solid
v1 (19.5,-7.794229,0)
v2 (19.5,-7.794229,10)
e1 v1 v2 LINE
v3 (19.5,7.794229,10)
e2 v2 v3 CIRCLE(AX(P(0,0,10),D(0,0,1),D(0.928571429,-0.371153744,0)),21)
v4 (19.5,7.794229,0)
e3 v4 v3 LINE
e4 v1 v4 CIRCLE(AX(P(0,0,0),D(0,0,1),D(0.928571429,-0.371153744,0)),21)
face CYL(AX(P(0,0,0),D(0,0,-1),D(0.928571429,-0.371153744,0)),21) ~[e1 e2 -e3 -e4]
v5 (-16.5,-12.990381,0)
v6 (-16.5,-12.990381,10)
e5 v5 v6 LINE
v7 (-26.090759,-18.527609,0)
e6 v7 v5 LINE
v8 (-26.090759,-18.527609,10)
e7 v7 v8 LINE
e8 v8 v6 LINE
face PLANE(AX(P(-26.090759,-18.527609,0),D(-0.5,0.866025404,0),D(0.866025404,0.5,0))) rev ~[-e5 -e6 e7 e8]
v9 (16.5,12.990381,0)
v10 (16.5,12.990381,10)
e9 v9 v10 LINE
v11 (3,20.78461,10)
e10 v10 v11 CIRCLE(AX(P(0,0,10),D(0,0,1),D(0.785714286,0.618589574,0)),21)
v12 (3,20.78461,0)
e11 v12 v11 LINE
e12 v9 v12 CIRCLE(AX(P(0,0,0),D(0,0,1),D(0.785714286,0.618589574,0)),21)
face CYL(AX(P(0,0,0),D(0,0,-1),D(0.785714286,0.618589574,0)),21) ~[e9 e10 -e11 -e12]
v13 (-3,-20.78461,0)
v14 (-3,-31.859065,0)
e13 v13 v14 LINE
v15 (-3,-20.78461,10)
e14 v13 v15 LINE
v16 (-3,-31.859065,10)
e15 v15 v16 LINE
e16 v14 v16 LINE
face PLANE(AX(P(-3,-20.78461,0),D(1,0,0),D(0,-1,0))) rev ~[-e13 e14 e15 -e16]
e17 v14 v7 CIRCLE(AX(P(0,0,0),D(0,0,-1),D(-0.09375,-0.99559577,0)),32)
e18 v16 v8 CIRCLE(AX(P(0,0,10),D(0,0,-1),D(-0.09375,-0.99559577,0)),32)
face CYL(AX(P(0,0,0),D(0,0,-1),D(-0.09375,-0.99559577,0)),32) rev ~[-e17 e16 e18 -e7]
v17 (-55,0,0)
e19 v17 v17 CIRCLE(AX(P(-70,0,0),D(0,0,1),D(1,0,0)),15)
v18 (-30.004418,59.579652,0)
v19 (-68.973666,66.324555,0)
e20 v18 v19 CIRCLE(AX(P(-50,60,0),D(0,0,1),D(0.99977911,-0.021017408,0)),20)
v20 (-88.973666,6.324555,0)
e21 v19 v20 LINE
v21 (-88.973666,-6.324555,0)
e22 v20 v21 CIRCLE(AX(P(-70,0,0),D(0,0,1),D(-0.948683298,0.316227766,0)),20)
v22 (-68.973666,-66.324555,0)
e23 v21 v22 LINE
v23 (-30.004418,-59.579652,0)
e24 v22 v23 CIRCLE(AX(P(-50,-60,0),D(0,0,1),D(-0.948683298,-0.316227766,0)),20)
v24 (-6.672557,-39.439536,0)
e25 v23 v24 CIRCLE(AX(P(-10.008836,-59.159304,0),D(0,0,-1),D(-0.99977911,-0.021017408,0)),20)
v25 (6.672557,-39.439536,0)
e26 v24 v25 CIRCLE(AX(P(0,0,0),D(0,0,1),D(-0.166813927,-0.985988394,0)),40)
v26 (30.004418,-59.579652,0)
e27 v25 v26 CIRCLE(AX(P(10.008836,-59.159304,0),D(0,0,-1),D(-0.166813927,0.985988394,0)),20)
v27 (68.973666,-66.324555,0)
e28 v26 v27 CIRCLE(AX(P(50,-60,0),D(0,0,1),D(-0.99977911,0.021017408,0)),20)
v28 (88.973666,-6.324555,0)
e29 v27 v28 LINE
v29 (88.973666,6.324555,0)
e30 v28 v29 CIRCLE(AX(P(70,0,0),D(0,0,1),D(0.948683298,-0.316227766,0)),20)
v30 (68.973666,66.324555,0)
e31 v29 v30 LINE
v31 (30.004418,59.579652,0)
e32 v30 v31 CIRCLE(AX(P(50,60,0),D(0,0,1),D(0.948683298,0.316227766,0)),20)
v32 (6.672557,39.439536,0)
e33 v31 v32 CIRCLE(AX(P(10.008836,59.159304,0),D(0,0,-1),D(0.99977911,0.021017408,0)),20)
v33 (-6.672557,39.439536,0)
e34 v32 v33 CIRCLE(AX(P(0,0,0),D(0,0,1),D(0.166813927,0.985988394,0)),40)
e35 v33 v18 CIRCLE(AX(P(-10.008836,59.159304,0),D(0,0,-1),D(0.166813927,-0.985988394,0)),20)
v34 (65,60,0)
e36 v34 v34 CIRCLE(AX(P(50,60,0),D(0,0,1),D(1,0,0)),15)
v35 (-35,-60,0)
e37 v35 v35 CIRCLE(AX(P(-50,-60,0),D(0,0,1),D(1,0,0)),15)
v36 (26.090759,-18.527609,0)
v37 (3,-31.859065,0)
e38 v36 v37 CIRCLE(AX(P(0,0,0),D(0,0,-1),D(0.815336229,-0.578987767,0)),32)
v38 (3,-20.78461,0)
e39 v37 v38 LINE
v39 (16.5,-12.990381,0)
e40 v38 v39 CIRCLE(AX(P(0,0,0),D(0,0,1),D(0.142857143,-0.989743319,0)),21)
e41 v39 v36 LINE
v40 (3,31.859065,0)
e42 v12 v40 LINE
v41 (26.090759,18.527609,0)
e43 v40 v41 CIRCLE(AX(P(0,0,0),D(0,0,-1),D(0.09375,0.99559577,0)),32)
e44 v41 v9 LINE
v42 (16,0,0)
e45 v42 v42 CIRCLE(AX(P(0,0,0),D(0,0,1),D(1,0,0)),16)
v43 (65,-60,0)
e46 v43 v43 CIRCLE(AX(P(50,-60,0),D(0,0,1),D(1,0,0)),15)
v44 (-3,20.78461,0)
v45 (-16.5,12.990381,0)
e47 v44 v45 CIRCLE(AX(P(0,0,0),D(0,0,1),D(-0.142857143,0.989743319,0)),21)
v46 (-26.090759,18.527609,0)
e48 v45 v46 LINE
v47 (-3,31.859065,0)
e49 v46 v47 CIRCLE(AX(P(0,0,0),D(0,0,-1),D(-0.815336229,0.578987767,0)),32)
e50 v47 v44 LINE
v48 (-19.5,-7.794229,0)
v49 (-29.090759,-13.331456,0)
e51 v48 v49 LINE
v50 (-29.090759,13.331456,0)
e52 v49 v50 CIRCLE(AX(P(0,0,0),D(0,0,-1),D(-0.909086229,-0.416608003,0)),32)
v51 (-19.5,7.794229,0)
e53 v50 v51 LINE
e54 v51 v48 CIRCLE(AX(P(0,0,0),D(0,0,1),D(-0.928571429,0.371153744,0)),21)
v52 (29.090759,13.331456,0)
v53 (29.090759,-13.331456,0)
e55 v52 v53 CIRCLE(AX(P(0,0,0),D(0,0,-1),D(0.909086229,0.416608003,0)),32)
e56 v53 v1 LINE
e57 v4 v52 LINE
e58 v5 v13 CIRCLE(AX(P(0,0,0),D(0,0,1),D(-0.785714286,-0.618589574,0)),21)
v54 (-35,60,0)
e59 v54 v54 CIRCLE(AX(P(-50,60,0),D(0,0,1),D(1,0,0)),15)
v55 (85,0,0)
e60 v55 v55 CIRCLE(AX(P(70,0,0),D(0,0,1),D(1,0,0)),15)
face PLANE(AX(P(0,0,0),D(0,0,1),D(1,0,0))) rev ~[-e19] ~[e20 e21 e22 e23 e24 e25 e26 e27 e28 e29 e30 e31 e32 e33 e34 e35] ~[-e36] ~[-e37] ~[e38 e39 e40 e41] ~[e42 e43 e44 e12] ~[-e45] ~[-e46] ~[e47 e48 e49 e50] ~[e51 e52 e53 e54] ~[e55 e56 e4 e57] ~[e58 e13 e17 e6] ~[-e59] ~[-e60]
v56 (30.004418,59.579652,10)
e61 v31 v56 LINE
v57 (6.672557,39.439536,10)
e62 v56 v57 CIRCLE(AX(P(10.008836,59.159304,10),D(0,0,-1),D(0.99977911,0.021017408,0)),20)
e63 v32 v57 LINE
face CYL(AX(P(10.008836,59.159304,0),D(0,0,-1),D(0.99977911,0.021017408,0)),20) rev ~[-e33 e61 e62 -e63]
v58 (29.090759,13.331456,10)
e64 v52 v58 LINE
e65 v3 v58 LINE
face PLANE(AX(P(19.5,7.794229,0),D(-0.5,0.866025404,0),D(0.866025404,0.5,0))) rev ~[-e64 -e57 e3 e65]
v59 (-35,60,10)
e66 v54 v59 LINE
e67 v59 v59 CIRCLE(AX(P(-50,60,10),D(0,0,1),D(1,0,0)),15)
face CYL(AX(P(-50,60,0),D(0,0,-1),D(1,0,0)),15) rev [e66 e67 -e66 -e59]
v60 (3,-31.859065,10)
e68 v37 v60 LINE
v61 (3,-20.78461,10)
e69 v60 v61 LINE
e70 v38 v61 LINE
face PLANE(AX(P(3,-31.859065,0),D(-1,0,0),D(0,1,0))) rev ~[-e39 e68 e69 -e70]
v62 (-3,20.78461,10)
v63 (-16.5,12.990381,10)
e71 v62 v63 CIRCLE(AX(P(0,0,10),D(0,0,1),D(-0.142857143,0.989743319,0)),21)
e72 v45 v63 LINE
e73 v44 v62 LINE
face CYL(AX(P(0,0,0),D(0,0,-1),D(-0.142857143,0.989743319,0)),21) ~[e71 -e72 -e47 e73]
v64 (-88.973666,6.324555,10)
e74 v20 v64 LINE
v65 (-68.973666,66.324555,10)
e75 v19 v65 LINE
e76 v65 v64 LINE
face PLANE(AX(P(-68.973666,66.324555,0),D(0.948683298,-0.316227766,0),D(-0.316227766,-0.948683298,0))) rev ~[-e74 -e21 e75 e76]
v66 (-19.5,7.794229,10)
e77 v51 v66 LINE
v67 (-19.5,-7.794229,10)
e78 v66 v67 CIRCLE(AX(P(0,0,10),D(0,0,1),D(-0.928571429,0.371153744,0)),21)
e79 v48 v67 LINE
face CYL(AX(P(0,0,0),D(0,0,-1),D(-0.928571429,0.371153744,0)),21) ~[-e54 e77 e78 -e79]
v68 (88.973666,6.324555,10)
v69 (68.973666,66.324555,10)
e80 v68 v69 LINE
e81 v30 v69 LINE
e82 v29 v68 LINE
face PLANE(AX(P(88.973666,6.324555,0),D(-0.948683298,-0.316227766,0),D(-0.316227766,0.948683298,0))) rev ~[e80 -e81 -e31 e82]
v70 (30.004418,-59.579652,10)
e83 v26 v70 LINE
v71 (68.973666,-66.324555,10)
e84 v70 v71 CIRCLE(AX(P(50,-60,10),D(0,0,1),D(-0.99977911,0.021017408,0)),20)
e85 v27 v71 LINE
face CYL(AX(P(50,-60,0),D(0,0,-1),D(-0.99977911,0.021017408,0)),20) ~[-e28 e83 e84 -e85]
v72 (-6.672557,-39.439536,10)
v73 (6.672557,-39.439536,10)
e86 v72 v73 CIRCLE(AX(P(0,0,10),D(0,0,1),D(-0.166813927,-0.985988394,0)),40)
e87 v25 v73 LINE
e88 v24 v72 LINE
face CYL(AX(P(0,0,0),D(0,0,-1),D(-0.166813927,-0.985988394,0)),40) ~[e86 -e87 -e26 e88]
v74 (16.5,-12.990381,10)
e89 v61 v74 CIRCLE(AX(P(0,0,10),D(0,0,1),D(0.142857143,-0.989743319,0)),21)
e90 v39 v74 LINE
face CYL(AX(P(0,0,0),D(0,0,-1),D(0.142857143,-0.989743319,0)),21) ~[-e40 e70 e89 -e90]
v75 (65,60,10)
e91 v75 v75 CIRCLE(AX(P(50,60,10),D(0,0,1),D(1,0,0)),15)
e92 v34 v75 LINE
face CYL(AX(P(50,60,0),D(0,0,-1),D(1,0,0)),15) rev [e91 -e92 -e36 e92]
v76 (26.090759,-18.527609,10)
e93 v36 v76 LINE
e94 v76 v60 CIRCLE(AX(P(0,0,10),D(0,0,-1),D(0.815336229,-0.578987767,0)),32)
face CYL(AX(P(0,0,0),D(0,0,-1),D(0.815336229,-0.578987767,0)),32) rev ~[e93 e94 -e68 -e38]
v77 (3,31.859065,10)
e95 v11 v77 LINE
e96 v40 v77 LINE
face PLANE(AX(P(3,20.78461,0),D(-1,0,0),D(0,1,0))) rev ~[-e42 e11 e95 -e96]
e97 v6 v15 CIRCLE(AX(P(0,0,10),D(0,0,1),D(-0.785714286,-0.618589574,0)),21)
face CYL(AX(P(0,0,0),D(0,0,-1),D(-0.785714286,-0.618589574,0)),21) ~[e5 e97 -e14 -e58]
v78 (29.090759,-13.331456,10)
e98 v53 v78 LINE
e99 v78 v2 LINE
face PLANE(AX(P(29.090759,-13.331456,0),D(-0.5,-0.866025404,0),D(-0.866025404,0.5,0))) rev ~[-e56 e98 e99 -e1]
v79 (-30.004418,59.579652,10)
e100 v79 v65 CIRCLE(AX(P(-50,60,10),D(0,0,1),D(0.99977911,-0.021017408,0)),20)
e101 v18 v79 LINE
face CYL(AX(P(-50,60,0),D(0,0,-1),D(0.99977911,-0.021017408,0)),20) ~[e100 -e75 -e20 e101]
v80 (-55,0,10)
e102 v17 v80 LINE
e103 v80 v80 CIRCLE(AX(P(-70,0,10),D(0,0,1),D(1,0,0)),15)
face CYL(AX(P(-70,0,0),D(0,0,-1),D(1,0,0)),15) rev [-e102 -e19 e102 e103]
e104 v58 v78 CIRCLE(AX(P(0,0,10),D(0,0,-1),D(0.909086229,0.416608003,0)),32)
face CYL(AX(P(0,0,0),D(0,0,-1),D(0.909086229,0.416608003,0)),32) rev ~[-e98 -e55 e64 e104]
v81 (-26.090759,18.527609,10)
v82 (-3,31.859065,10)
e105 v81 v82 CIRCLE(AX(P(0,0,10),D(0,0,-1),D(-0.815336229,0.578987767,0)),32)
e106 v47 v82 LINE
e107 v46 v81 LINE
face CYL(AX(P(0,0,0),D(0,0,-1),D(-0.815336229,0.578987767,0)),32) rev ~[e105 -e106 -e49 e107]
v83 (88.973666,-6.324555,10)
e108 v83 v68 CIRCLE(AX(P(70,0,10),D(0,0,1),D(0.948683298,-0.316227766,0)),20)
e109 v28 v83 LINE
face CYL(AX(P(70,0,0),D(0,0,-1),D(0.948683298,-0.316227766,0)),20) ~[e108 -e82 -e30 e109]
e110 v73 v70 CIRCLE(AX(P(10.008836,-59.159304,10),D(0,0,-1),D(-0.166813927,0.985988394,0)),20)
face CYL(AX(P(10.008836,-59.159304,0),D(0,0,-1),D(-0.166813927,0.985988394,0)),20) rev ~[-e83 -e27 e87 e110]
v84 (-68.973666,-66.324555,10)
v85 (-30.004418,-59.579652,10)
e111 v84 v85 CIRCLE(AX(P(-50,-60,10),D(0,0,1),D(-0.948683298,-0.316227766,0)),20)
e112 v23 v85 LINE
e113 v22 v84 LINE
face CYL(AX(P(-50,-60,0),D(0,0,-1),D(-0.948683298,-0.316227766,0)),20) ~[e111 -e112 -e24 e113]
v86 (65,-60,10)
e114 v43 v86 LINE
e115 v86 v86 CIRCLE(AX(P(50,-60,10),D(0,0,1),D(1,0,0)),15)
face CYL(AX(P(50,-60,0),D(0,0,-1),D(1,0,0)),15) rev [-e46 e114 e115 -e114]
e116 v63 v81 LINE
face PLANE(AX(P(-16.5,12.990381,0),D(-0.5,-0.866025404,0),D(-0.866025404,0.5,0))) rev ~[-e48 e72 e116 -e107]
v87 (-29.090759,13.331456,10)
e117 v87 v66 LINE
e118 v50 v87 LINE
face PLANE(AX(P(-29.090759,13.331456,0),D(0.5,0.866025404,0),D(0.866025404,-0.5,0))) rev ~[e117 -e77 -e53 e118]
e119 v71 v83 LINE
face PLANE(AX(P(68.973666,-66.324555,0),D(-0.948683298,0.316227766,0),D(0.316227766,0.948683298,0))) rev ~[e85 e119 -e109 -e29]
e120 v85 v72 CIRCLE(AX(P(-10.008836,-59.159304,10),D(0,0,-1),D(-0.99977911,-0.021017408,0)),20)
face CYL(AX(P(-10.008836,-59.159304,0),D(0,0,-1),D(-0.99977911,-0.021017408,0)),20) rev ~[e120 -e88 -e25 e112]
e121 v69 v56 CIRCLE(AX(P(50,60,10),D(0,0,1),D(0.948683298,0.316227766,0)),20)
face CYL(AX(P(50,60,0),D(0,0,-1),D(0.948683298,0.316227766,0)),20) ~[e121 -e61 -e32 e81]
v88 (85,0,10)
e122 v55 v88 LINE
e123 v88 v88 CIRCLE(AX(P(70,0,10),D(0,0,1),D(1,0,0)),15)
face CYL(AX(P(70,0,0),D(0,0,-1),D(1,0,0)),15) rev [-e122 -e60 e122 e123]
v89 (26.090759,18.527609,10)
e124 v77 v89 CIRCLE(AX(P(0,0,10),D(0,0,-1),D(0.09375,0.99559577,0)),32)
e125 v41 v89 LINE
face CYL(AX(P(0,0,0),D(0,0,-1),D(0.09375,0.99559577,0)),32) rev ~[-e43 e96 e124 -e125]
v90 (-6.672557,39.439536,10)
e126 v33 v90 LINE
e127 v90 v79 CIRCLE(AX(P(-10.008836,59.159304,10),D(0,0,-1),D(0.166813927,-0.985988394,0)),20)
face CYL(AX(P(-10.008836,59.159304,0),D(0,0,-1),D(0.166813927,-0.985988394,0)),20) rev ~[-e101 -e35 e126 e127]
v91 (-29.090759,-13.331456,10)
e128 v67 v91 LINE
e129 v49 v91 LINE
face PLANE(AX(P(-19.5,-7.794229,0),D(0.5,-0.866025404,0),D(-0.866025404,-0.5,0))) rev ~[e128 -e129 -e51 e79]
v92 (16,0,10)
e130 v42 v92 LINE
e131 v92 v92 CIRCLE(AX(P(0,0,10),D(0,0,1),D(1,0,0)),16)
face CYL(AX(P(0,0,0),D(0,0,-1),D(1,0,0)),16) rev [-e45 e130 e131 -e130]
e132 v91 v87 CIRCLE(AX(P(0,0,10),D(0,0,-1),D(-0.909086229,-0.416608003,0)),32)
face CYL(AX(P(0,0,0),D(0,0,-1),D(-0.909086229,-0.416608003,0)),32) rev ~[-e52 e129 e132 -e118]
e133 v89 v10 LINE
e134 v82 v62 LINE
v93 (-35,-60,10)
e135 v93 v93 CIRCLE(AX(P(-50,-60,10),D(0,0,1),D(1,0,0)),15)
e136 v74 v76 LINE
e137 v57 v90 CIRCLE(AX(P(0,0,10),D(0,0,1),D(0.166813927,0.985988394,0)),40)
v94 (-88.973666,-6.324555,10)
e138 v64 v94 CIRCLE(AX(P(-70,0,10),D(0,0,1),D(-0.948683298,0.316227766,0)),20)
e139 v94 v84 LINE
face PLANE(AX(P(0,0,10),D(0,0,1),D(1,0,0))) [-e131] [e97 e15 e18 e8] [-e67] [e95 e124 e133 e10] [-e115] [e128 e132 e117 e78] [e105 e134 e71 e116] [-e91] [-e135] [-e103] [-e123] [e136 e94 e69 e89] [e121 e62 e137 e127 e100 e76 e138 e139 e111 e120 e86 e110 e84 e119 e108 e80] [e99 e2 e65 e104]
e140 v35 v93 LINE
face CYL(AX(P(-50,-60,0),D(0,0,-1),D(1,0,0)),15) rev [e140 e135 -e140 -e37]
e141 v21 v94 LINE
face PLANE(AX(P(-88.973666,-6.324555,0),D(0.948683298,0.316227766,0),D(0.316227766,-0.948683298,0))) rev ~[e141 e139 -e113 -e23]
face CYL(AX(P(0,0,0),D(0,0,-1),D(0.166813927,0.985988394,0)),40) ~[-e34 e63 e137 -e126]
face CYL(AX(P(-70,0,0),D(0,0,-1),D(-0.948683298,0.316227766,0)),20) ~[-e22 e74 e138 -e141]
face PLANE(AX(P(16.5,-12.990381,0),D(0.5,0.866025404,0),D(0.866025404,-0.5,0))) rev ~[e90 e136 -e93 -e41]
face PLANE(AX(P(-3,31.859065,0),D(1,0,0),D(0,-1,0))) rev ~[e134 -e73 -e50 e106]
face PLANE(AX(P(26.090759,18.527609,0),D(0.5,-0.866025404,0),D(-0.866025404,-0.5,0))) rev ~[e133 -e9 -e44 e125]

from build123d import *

# Parameters (mm, degrees)
SKETCH1_R           = 15
SKETCH1_R_2         = 16
BOSS_EXTRUDE1_DEPTH = 10


with BuildPart() as part:
    # Sketch1 → Boss-Extrude1 (new body)
    with BuildSketch(Plane.XY):
        with BuildLine():
            Line((88.973665961, 6.32455532), (68.973665961, 66.32455532))
            ThreePointArc((68.973665961, 66.32455532), (46.589060398, 79.706990918), (30.004417802, 59.579651831))
            ThreePointArc((30.004417802, 59.579651831), (23.077468599, 44.01959324), (6.67255707, 39.439535775))
            ThreePointArc((6.67255707, 39.439535775), (0, 40), (-6.67255707, 39.439535775))
            ThreePointArc((-6.67255707, 39.439535775), (-23.077468599, 44.01959324), (-30.004417802, 59.579651831))
            ThreePointArc((-30.004417802, 59.579651831), (-46.589060398, 79.706990918), (-68.973665961, 66.32455532))
            Line((-68.973665961, 66.32455532), (-88.973665961, 6.32455532))
            ThreePointArc((-88.973665961, 6.32455532), (-90, 0), (-88.973665961, -6.32455532))
            Line((-88.973665961, -6.32455532), (-68.973665961, -66.32455532))
            ThreePointArc((-68.973665961, -66.32455532), (-46.589060398, -79.706990918), (-30.004417802, -59.579651831))
            ThreePointArc((-30.004417802, -59.579651831), (-23.077468599, -44.01959324), (-6.67255707, -39.439535775))
            ThreePointArc((-6.67255707, -39.439535775), (0, -40), (6.67255707, -39.439535775))
            ThreePointArc((6.67255707, -39.439535775), (23.077468599, -44.01959324), (30.004417802, -59.579651831))
            ThreePointArc((30.004417802, -59.579651831), (46.589060398, -79.706990918), (68.973665961, -66.32455532))
            Line((68.973665961, -66.32455532), (88.973665961, -6.32455532))
            ThreePointArc((88.973665961, -6.32455532), (90, 0), (88.973665961, 6.32455532))
        make_face()
        with Locations((-50, -60)):
            Circle(SKETCH1_R, mode=Mode.SUBTRACT)
        with BuildLine():
            ThreePointArc((-16.5, -12.990381057), (-10.5, -18.186533479), (-3, -20.784609691))
            Line((-3, -20.784609691), (-3, -31.859064644))
            ThreePointArc((-3, -31.859064644), (-16, -27.712812921), (-26.090759323, -18.527608533))
            Line((-26.090759323, -18.527608533), (-16.5, -12.990381057))
        make_face(mode=Mode.SUBTRACT)
        with Locations((50, -60)):
            Circle(SKETCH1_R, mode=Mode.SUBTRACT)
        with BuildLine():
            Line((3, -31.859064644), (3, -20.784609691))
            ThreePointArc((3, -20.784609691), (10.5, -18.186533479), (16.5, -12.990381057))
            Line((16.5, -12.990381057), (26.090759323, -18.527608533))
            ThreePointArc((26.090759323, -18.527608533), (16, -27.712812921), (3, -31.859064644))
        make_face(mode=Mode.SUBTRACT)
        with BuildLine():
            ThreePointArc((-19.5, 7.794228634), (-21, 0), (-19.5, -7.794228634))
            Line((-19.5, -7.794228634), (-29.090759323, -13.331456111))
            ThreePointArc((-29.090759323, -13.331456111), (-32, 0), (-29.090759323, 13.331456111))
            Line((-29.090759323, 13.331456111), (-19.5, 7.794228634))
        make_face(mode=Mode.SUBTRACT)
        Circle(SKETCH1_R_2, mode=Mode.SUBTRACT)
        with BuildLine():
            ThreePointArc((-3, 20.784609691), (-10.5, 18.186533479), (-16.5, 12.990381057))
            Line((-16.5, 12.990381057), (-26.090759323, 18.527608533))
            ThreePointArc((-26.090759323, 18.527608533), (-16, 27.712812921), (-3, 31.859064644))
            Line((-3, 31.859064644), (-3, 20.784609691))
        make_face(mode=Mode.SUBTRACT)
        with Locations((-50, 60)):
            Circle(SKETCH1_R, mode=Mode.SUBTRACT)
        with BuildLine():
            ThreePointArc((19.5, -7.794228634), (21, 0), (19.5, 7.794228634))
            Line((19.5, 7.794228634), (29.090759323, 13.331456111))
            ThreePointArc((29.090759323, 13.331456111), (32, 0), (29.090759323, -13.331456111))
            Line((29.090759323, -13.331456111), (19.5, -7.794228634))
        make_face(mode=Mode.SUBTRACT)
        with BuildLine():
            ThreePointArc((16.5, 12.990381057), (10.5, 18.186533479), (3, 20.784609691))
            Line((3, 20.784609691), (3, 31.859064644))
            ThreePointArc((3, 31.859064644), (16, 27.712812921), (26.090759323, 18.527608533))
            Line((26.090759323, 18.527608533), (16.5, 12.990381057))
        make_face(mode=Mode.SUBTRACT)
        with Locations((70, 0)):
            Circle(SKETCH1_R, mode=Mode.SUBTRACT)
        with Locations((50, 60)):
            Circle(SKETCH1_R, mode=Mode.SUBTRACT)
        with Locations((-70, 0)):
            Circle(SKETCH1_R, mode=Mode.SUBTRACT)
    extrude(amount=BOSS_EXTRUDE1_DEPTH)


solid = part.part
